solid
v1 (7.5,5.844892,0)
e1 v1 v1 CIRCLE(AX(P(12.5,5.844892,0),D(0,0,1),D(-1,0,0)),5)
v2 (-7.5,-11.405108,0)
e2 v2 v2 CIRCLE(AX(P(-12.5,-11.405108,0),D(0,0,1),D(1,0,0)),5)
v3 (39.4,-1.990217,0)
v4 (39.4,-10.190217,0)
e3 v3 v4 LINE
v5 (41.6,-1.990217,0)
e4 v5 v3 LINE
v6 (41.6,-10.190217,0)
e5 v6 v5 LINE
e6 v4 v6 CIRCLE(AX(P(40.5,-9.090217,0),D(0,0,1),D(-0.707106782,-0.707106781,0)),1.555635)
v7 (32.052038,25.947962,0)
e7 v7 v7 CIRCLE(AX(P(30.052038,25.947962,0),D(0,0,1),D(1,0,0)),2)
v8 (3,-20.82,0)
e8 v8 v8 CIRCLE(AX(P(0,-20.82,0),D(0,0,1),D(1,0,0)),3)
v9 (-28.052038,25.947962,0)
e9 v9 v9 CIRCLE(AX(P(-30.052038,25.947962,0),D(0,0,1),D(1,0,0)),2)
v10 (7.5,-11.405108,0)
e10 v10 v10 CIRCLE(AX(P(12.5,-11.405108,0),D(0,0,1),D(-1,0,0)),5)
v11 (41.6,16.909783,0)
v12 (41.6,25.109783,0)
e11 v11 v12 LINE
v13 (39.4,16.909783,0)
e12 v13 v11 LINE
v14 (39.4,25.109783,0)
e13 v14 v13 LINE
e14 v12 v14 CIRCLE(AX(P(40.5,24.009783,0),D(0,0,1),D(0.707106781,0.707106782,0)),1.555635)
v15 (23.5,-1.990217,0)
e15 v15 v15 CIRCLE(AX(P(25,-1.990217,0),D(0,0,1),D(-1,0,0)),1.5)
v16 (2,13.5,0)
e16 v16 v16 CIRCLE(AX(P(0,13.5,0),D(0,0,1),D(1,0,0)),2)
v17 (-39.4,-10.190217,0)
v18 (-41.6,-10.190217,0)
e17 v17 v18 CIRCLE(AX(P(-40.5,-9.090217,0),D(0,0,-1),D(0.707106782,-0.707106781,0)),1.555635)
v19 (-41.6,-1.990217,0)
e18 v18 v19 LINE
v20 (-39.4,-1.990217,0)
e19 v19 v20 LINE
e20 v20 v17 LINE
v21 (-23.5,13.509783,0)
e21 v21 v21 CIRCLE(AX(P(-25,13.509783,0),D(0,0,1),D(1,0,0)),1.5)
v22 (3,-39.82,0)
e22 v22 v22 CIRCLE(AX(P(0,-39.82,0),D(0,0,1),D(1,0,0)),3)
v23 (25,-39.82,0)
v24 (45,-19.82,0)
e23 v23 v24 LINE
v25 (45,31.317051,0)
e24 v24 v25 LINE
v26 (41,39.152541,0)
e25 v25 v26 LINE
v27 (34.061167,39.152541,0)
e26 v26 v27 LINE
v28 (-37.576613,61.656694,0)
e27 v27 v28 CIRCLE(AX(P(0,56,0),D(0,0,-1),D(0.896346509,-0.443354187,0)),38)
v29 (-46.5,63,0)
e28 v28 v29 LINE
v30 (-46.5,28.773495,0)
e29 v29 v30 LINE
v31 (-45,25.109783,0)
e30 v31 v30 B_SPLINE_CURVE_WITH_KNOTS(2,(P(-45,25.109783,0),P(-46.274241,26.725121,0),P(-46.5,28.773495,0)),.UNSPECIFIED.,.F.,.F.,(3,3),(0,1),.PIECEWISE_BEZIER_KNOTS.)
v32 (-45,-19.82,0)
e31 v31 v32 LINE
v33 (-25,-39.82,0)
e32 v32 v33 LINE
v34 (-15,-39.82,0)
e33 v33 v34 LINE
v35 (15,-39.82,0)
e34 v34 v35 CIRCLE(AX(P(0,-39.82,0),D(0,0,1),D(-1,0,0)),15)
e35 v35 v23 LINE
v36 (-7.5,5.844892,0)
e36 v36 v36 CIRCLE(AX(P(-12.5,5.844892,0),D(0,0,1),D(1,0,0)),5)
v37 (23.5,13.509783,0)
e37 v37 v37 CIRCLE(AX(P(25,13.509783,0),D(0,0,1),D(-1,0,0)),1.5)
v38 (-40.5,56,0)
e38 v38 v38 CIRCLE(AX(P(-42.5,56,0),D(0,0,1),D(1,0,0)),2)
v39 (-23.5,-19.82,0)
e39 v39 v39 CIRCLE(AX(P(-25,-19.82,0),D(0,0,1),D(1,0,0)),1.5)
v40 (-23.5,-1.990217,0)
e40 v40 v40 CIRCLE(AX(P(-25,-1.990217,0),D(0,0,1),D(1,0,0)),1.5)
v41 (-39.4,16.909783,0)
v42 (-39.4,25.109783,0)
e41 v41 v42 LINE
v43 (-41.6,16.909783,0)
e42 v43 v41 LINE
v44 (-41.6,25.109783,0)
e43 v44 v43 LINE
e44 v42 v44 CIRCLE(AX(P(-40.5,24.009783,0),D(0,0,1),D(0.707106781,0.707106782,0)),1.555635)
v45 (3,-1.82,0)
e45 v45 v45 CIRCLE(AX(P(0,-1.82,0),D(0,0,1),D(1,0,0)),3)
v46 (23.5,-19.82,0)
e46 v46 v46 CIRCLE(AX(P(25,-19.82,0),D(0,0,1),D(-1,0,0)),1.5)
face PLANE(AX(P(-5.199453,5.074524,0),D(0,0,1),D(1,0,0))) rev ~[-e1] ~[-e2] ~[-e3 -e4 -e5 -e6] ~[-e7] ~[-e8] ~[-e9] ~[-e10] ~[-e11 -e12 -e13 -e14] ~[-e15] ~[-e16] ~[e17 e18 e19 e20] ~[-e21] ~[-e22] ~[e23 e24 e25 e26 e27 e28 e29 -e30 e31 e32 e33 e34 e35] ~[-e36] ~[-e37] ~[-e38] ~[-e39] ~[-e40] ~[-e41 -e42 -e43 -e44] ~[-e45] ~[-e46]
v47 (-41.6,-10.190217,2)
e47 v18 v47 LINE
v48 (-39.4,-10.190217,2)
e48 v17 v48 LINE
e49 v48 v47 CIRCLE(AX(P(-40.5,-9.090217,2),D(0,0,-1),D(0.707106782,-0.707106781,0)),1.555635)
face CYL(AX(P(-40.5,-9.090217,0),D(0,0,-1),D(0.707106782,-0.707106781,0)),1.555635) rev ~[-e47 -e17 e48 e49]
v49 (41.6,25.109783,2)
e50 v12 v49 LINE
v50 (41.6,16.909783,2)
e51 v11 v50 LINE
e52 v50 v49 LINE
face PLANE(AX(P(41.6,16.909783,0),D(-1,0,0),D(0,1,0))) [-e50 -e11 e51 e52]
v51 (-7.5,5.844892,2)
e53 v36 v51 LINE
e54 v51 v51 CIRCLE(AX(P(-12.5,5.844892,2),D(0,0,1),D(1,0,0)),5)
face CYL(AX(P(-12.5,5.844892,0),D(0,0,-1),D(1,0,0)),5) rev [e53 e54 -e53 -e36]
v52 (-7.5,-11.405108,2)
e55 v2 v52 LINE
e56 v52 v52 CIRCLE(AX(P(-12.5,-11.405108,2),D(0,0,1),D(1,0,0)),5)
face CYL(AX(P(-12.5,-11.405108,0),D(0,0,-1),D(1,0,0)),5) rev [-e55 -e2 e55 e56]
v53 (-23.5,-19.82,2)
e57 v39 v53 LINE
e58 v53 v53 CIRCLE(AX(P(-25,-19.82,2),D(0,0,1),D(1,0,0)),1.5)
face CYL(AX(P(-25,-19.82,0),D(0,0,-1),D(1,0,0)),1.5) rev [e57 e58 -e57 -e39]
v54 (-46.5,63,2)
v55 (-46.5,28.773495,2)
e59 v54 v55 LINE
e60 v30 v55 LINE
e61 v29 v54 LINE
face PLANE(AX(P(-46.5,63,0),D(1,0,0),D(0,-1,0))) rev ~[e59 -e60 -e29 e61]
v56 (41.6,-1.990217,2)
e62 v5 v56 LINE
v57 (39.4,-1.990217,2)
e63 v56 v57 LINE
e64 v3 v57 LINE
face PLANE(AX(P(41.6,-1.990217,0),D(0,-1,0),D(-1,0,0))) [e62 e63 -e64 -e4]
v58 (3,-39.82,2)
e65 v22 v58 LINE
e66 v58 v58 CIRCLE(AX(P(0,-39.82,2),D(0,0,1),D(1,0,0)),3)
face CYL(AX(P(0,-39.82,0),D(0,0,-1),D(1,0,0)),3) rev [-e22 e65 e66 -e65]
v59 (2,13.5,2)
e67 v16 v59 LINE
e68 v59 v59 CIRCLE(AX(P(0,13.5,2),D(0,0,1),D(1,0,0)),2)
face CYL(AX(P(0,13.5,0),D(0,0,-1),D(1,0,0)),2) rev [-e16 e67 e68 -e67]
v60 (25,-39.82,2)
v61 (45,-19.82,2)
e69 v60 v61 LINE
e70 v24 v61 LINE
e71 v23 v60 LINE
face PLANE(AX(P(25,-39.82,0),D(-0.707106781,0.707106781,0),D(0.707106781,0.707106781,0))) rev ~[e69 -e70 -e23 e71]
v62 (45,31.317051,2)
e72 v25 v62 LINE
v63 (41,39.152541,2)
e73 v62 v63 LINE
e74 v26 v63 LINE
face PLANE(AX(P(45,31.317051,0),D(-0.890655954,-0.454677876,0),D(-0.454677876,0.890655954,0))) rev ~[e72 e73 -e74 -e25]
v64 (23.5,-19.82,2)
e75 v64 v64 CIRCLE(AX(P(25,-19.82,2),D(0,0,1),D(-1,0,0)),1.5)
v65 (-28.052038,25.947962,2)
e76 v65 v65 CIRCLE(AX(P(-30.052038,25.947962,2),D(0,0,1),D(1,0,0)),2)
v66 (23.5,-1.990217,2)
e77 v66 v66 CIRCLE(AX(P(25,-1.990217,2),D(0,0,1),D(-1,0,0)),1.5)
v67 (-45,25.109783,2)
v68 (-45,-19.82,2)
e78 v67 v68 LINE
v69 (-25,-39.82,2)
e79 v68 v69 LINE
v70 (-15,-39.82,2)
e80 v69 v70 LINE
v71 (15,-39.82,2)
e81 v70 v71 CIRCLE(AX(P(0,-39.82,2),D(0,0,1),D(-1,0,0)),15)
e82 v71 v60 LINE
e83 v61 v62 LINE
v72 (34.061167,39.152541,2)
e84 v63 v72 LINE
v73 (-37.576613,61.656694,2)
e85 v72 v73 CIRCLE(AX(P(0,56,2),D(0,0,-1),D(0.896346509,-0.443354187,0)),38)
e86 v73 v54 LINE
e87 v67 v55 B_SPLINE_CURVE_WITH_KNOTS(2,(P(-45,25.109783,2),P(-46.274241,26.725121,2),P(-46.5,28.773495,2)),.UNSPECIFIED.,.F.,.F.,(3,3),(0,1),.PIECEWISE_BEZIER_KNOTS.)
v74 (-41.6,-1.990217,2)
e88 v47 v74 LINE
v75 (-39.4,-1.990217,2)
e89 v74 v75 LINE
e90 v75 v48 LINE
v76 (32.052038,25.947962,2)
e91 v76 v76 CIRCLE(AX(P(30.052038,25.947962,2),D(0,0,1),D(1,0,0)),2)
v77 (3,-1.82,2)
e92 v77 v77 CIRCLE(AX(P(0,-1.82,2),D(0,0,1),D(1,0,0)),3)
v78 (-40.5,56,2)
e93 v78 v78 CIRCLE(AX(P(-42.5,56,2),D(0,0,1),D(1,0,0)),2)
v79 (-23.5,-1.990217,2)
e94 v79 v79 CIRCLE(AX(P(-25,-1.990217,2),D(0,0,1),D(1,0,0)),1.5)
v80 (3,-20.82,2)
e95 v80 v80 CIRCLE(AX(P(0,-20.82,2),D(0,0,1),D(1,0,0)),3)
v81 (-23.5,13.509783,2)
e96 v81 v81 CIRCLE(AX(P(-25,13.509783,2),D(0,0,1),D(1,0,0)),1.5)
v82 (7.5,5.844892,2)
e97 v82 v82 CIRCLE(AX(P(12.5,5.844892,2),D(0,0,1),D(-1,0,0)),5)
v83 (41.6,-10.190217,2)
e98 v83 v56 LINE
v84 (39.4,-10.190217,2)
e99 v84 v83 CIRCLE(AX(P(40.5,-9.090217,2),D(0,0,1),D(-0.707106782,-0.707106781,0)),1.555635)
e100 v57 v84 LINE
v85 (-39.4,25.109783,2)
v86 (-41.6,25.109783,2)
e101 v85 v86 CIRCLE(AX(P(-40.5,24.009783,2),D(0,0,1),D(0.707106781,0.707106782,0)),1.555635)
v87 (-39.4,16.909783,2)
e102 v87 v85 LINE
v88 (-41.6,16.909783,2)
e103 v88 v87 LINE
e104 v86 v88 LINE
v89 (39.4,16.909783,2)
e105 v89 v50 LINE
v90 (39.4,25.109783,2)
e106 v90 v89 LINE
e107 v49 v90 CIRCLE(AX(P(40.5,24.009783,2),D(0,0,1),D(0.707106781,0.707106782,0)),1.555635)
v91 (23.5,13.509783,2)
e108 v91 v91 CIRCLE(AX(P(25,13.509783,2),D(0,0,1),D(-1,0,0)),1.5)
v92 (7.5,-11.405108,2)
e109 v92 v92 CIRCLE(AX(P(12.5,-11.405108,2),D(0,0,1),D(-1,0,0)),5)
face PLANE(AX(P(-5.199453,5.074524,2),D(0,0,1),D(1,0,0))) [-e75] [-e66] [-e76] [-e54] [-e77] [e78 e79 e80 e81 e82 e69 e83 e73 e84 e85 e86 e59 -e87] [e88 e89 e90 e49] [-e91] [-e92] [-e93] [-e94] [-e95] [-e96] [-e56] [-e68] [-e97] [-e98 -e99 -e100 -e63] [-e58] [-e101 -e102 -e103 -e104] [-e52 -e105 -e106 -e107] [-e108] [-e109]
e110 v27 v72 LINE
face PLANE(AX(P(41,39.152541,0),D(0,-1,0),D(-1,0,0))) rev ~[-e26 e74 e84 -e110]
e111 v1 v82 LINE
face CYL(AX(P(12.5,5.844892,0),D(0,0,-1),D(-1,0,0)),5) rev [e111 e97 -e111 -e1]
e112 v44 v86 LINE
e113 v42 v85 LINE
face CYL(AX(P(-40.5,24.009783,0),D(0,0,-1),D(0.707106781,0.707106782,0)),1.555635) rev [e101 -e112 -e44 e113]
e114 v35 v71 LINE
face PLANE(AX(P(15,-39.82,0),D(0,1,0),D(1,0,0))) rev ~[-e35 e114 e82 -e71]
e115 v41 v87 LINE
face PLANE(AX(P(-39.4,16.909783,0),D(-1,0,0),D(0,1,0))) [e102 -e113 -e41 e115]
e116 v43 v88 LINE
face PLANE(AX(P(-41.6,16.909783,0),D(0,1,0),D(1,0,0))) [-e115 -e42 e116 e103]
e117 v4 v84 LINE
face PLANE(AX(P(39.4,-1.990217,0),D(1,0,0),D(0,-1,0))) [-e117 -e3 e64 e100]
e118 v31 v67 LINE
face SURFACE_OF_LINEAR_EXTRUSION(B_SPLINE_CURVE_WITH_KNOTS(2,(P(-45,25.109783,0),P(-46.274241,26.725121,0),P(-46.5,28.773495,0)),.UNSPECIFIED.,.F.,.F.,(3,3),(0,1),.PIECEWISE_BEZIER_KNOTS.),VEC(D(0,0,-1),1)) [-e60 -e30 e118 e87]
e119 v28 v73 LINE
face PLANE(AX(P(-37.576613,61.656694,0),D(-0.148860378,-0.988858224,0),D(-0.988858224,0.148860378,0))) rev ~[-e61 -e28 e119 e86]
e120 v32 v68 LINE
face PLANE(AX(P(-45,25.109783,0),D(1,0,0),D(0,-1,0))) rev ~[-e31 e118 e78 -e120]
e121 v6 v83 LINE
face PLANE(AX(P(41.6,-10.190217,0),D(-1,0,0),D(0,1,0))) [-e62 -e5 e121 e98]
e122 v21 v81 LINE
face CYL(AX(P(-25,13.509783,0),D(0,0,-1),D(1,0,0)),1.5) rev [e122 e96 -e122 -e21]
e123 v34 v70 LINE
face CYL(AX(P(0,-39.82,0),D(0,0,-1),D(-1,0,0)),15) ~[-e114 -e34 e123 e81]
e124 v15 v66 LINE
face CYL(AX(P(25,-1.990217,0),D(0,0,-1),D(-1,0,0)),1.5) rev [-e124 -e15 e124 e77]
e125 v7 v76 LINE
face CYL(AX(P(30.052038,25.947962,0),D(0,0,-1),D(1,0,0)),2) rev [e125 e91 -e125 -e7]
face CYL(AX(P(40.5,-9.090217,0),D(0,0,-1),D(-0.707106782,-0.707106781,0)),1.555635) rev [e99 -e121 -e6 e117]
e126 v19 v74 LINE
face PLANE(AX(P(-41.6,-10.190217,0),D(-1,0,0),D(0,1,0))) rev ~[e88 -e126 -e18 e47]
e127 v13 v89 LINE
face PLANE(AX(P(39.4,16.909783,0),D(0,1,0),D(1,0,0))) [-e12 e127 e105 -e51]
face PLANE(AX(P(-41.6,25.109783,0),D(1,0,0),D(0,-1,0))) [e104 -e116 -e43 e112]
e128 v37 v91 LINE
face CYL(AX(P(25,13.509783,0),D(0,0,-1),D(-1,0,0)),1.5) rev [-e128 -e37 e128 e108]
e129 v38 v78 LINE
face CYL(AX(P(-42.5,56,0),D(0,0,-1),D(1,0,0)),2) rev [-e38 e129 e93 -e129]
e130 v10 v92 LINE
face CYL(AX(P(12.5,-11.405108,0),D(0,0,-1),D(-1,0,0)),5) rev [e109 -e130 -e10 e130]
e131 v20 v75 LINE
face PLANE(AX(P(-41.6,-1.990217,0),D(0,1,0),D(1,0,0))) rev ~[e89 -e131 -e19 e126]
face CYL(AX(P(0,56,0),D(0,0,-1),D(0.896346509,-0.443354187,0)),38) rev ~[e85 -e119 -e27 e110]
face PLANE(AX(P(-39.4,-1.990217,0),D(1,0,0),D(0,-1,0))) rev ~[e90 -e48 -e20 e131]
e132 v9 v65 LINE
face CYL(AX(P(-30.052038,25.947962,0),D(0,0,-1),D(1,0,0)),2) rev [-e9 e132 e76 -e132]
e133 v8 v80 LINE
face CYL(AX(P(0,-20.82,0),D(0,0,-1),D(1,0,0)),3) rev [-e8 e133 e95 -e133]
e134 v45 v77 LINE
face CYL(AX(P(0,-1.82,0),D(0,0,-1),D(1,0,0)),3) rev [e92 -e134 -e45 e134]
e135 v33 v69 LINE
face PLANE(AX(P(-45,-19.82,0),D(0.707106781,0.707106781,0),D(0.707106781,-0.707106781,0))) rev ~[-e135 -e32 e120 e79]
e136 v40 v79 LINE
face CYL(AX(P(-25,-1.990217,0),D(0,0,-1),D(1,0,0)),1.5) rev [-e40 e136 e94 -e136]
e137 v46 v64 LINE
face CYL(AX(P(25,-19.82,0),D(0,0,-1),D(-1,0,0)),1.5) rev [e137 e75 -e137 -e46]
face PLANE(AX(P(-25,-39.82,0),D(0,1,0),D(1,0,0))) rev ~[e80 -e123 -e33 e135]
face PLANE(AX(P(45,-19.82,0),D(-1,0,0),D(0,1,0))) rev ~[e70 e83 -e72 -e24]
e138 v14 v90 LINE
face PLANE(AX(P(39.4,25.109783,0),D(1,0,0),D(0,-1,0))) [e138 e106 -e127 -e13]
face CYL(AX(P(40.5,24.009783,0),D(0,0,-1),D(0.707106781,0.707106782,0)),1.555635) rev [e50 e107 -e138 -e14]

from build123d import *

# Parameters (mm, degrees)
SKETCH_3_R      = 3
SKETCH_3_R_2    = 2
SKETCH_3_R_3    = 1.5
SKETCH_3_R_4    = 5
EXTRUDE_1_DEPTH = 2


with BuildPart() as part:
    # 草图3 → 凸台-拉伸1 (new body)
    with BuildSketch(Plane.XY):
        with BuildLine():
            Line((-45, -3.990216685), (-45, -19.82))
            Line((-45, -19.82), (-25, -39.82))
            Line((-25, -39.82), (-15, -39.82))
            ThreePointArc((-15, -39.82), (0, -54.82), (15, -39.82))
            Line((15, -39.82), (25, -39.82))
            Line((25, -39.82), (45, -19.82))
            Line((45, -19.82), (45, -3.990216685))
            Line((45, -3.990216685), (45, 31.317051182))
            Line((45, 31.317051182), (41, 39.152540881))
            Line((41, 39.152540881), (34.06116735, 39.152540881))
            ThreePointArc((34.06116735, 39.152540881), (-11.38853896, 19.746708007), (-37.576612526, 61.656694359))
            Line((-37.576612526, 61.656694359), (-46.5, 63))
            Line((-46.5, 63), (-46.5, 28.773494756))
            add(Edge.make_bspline(
                [(-45, 25.109783315), (-46.274240542, 26.725120767), (-46.5, 28.773494756)],
                knots=[0, 0, 0, 1, 1, 1], degree=2))
            Line((-45, 25.109783315), (-45, -3.990216685))
        make_face()
        with Locations((0, -1.82)):
            Circle(SKETCH_3_R, mode=Mode.SUBTRACT)
        with Locations((0, 13.5)):
            Circle(SKETCH_3_R_2, mode=Mode.SUBTRACT)
        with Locations((-30.0520382, 25.9479618)):
            Circle(SKETCH_3_R_2, mode=Mode.SUBTRACT)
        with Locations((-42.5, 56)):
            Circle(SKETCH_3_R_2, mode=Mode.SUBTRACT)
        with Locations((30.0520382, 25.9479618)):
            Circle(SKETCH_3_R_2, mode=Mode.SUBTRACT)
        with Locations((0, -20.82)):
            Circle(SKETCH_3_R, mode=Mode.SUBTRACT)
        with Locations((0, -39.82)):
            Circle(SKETCH_3_R, mode=Mode.SUBTRACT)
        with Locations((-25, -1.990216685)):
            Circle(SKETCH_3_R_3, mode=Mode.SUBTRACT)
        with Locations((-25, -19.82)):
            Circle(SKETCH_3_R_3, mode=Mode.SUBTRACT)
        with Locations((-25, 13.509783315)):
            Circle(SKETCH_3_R_3, mode=Mode.SUBTRACT)
        with Locations(Location((25, 13.509783315, 0), (0, 0, 180))):
            Circle(SKETCH_3_R_3, mode=Mode.SUBTRACT)
        with Locations(Location((25, -19.82, 0), (0, 0, 180))):
            Circle(SKETCH_3_R_3, mode=Mode.SUBTRACT)
        with Locations(Location((25, -1.990216685, 0), (0, 0, 180))):
            Circle(SKETCH_3_R_3, mode=Mode.SUBTRACT)
        with Locations((-12.5, -11.405108343)):
            Circle(SKETCH_3_R_4, mode=Mode.SUBTRACT)
        with Locations((-12.5, 5.844891657)):
            Circle(SKETCH_3_R_4, mode=Mode.SUBTRACT)
        with Locations(Location((12.5, 5.844891657, 0), (0, 0, 180))):
            Circle(SKETCH_3_R_4, mode=Mode.SUBTRACT)
        with Locations(Location((12.5, -11.405108343, 0), (0, 0, 180))):
            Circle(SKETCH_3_R_4, mode=Mode.SUBTRACT)
        with BuildLine():
            Line((-41.6, -1.990216685), (-39.4, -1.990216685))
            Line((-39.4, -1.990216685), (-39.4, -10.190216685))
            ThreePointArc((-39.4, -10.190216685), (-40.5, -10.645851604), (-41.6, -10.190216685))
            Line((-41.6, -10.190216685), (-41.6, -1.990216685))
        make_face(mode=Mode.SUBTRACT)
        with BuildLine():
            Line((41.6, -10.190216685), (41.6, -1.990216685))
            Line((41.6, -1.990216685), (39.4, -1.990216685))
            Line((39.4, -1.990216685), (39.4, -10.190216685))
            ThreePointArc((39.4, -10.190216685), (40.5, -10.645851604), (41.6, -10.190216685))
        make_face(mode=Mode.SUBTRACT)
        with BuildLine():
            Line((39.4, 25.109783315), (39.4, 16.909783315))
            Line((39.4, 16.909783315), (41.6, 16.909783315))
            Line((41.6, 16.909783315), (41.6, 25.109783315))
            ThreePointArc((41.6, 25.109783315), (40.5, 25.565418233), (39.4, 25.109783315))
        make_face(mode=Mode.SUBTRACT)
        with BuildLine():
            Line((-41.6, 25.109783315), (-41.6, 16.909783315))
            Line((-41.6, 16.909783315), (-39.4, 16.909783315))
            Line((-39.4, 16.909783315), (-39.4, 25.109783315))
            ThreePointArc((-39.4, 25.109783315), (-40.5, 25.565418233), (-41.6, 25.109783315))
        make_face(mode=Mode.SUBTRACT)
    extrude(amount=EXTRUDE_1_DEPTH)


solid = part.part
